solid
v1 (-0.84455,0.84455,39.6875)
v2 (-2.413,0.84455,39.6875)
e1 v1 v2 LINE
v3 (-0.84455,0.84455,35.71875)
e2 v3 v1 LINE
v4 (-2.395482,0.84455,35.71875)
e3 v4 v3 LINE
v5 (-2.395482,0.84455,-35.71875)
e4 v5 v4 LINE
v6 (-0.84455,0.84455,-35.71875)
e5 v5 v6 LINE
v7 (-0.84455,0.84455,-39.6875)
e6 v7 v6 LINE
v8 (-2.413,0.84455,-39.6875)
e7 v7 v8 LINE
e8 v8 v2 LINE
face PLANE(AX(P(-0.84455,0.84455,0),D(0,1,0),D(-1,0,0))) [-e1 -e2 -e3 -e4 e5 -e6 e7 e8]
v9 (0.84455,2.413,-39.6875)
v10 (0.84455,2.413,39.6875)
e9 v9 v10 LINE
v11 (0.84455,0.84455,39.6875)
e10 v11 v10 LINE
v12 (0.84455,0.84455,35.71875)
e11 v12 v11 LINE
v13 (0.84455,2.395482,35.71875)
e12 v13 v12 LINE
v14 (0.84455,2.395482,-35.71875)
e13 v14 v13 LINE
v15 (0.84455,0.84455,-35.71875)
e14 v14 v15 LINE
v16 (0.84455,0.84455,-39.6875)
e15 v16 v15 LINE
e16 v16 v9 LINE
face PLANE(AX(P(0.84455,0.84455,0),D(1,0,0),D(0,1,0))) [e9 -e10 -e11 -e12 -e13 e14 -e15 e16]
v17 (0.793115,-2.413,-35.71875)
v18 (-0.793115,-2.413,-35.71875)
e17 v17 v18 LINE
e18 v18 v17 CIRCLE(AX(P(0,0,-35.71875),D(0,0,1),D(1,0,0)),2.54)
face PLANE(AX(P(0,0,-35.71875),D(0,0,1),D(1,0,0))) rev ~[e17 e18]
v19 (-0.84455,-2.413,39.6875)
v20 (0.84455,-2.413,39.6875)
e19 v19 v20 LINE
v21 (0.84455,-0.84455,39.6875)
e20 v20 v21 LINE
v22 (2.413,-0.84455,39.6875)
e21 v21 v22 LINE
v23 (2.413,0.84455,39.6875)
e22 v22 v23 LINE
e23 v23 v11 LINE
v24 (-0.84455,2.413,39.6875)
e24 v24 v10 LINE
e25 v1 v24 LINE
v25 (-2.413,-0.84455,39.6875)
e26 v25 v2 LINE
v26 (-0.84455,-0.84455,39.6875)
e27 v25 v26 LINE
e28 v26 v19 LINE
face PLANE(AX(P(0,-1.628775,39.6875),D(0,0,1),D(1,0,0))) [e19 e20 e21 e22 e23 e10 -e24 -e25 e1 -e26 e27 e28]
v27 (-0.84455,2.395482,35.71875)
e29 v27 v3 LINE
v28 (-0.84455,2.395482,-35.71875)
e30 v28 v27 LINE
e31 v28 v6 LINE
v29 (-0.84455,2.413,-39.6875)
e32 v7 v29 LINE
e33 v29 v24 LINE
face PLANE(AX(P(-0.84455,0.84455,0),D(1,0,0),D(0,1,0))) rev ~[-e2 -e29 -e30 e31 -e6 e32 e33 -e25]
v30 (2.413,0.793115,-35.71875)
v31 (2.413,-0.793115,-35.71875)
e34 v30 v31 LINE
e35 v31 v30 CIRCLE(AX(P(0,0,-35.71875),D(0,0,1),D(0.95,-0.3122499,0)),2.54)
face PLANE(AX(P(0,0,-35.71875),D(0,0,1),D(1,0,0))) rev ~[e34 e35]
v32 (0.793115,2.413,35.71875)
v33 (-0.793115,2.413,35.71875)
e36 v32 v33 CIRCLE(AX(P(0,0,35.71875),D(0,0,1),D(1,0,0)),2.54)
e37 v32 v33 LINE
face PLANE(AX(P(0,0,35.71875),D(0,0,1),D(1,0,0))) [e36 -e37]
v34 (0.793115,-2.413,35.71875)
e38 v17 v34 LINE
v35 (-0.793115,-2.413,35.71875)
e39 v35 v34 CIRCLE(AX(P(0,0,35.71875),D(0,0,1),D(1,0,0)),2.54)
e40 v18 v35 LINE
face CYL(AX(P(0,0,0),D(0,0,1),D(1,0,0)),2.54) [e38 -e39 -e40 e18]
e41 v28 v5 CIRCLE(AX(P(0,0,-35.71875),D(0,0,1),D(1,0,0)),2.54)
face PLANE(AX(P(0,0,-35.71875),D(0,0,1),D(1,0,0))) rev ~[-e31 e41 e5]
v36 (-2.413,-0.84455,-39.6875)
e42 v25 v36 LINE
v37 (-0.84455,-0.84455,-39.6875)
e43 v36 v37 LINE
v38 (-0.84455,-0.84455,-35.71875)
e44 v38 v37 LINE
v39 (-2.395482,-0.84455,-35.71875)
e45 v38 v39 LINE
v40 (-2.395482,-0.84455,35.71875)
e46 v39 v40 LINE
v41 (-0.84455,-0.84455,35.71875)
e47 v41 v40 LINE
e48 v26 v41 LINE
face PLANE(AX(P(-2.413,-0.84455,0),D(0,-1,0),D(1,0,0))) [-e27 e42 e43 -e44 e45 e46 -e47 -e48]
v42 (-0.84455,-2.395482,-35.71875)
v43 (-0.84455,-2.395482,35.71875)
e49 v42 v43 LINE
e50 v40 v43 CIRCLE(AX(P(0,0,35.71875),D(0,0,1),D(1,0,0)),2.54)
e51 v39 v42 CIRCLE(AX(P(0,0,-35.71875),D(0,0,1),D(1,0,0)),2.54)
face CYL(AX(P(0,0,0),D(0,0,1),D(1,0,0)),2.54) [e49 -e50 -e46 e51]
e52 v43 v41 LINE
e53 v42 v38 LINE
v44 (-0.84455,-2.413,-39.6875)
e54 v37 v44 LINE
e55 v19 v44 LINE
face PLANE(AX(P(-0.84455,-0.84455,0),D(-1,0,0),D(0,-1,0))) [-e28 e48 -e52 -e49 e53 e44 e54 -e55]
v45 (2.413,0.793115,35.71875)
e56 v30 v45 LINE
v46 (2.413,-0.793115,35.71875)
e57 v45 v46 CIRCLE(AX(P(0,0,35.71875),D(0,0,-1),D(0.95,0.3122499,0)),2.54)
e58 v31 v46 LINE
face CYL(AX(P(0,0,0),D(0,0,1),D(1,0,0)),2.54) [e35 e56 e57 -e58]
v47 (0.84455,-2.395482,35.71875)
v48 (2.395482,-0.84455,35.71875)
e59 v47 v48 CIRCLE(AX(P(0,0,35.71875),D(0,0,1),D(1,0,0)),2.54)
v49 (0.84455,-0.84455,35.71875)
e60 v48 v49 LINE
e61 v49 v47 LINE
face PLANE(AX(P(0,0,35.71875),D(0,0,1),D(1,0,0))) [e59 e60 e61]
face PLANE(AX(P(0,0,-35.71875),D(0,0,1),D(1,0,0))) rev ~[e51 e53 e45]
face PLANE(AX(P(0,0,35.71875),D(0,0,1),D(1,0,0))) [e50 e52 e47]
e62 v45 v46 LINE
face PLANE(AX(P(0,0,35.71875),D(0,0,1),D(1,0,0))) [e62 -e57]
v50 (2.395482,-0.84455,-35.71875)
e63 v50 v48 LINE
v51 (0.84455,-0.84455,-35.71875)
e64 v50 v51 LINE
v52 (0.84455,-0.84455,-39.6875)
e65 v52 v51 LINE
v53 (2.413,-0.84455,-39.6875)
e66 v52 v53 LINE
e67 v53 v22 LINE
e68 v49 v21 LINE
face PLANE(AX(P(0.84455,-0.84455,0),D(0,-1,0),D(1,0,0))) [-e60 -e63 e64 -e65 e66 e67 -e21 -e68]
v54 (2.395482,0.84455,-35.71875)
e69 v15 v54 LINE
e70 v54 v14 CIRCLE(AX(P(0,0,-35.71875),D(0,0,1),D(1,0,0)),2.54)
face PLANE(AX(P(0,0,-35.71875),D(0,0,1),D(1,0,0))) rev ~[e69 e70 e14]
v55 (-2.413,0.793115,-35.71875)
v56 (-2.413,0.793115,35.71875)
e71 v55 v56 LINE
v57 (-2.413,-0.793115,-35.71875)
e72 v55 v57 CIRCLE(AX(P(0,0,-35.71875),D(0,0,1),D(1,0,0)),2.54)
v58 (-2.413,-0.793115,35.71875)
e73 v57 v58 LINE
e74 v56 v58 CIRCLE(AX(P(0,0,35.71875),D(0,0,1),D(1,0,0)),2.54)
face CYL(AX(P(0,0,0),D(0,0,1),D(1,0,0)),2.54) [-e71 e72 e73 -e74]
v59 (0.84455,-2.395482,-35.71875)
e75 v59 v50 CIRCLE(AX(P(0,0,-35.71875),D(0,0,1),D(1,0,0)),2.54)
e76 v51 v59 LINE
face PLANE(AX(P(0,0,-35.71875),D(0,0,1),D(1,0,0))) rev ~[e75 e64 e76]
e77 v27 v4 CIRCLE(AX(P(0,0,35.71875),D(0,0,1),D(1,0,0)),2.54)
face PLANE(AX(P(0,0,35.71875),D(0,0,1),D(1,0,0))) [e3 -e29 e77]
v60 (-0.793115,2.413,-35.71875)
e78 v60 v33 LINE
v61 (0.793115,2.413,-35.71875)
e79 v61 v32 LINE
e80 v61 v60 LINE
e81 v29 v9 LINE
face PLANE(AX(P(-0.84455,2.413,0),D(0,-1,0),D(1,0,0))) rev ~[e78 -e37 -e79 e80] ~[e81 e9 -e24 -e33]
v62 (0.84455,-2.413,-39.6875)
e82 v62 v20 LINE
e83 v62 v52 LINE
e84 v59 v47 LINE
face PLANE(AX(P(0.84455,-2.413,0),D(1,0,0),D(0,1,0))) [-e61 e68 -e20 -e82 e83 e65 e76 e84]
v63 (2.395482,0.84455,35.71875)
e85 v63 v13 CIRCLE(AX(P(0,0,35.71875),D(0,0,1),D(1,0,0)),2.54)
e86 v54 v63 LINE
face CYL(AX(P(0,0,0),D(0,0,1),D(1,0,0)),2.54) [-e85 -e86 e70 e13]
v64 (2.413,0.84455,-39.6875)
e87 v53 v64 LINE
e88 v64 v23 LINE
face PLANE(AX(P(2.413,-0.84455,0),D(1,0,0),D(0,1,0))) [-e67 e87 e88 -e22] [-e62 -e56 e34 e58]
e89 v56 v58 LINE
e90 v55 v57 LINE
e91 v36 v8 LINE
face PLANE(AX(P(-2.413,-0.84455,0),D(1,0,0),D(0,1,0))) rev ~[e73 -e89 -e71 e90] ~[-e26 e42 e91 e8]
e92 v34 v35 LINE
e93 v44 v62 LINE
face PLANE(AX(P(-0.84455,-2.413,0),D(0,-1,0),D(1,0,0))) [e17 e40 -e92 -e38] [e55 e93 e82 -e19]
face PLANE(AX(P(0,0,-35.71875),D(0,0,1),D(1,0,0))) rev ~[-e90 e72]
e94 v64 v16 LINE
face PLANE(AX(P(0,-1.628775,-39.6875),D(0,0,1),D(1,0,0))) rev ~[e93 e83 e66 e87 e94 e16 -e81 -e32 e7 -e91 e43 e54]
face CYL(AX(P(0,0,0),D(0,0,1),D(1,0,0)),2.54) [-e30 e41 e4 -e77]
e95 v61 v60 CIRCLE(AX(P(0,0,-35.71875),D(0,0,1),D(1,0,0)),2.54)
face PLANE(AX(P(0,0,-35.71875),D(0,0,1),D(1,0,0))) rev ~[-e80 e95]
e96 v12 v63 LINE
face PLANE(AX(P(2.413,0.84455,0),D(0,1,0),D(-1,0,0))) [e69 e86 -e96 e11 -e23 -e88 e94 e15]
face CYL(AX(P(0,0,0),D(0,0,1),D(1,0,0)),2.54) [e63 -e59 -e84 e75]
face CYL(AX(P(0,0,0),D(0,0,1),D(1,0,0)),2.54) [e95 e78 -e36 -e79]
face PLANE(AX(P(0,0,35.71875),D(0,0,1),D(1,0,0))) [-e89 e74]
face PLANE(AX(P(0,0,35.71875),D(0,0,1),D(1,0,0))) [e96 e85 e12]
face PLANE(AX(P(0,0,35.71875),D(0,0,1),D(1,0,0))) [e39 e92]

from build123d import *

# Parameters (mm, degrees)
F0_W     = 1.6891
F0_H     = 1.56845
F0_H_2   = 1.6891
F0_W_2   = 1.56845
F1_DEPTH = 39.6875
F2_R     = 2.54
F3_DEPTH = 35.71875


with BuildPart() as f1:
    # F0 (on Top) → F1 (new body, symmetric)
    with BuildSketch(Plane.XY):
        with Locations((0, -1.628775)):
            Rectangle(F0_W, F0_H)
        Rectangle(F0_W, F0_H_2)
        with Locations((1.628775, 0)):
            Rectangle(F0_W_2, F0_H_2)
        with Locations((-1.628775, 0)):
            Rectangle(F0_W_2, F0_H_2)
        with Locations((0, 1.628775)):
            Rectangle(F0_W, F0_H)
    extrude(amount=F1_DEPTH, both=True)

    # F2 (on Top) → F3 (join, symmetric)
    with BuildSketch(Plane.XY):
        Circle(F2_R)
    extrude(amount=F3_DEPTH, both=True)


solid = f1.part
